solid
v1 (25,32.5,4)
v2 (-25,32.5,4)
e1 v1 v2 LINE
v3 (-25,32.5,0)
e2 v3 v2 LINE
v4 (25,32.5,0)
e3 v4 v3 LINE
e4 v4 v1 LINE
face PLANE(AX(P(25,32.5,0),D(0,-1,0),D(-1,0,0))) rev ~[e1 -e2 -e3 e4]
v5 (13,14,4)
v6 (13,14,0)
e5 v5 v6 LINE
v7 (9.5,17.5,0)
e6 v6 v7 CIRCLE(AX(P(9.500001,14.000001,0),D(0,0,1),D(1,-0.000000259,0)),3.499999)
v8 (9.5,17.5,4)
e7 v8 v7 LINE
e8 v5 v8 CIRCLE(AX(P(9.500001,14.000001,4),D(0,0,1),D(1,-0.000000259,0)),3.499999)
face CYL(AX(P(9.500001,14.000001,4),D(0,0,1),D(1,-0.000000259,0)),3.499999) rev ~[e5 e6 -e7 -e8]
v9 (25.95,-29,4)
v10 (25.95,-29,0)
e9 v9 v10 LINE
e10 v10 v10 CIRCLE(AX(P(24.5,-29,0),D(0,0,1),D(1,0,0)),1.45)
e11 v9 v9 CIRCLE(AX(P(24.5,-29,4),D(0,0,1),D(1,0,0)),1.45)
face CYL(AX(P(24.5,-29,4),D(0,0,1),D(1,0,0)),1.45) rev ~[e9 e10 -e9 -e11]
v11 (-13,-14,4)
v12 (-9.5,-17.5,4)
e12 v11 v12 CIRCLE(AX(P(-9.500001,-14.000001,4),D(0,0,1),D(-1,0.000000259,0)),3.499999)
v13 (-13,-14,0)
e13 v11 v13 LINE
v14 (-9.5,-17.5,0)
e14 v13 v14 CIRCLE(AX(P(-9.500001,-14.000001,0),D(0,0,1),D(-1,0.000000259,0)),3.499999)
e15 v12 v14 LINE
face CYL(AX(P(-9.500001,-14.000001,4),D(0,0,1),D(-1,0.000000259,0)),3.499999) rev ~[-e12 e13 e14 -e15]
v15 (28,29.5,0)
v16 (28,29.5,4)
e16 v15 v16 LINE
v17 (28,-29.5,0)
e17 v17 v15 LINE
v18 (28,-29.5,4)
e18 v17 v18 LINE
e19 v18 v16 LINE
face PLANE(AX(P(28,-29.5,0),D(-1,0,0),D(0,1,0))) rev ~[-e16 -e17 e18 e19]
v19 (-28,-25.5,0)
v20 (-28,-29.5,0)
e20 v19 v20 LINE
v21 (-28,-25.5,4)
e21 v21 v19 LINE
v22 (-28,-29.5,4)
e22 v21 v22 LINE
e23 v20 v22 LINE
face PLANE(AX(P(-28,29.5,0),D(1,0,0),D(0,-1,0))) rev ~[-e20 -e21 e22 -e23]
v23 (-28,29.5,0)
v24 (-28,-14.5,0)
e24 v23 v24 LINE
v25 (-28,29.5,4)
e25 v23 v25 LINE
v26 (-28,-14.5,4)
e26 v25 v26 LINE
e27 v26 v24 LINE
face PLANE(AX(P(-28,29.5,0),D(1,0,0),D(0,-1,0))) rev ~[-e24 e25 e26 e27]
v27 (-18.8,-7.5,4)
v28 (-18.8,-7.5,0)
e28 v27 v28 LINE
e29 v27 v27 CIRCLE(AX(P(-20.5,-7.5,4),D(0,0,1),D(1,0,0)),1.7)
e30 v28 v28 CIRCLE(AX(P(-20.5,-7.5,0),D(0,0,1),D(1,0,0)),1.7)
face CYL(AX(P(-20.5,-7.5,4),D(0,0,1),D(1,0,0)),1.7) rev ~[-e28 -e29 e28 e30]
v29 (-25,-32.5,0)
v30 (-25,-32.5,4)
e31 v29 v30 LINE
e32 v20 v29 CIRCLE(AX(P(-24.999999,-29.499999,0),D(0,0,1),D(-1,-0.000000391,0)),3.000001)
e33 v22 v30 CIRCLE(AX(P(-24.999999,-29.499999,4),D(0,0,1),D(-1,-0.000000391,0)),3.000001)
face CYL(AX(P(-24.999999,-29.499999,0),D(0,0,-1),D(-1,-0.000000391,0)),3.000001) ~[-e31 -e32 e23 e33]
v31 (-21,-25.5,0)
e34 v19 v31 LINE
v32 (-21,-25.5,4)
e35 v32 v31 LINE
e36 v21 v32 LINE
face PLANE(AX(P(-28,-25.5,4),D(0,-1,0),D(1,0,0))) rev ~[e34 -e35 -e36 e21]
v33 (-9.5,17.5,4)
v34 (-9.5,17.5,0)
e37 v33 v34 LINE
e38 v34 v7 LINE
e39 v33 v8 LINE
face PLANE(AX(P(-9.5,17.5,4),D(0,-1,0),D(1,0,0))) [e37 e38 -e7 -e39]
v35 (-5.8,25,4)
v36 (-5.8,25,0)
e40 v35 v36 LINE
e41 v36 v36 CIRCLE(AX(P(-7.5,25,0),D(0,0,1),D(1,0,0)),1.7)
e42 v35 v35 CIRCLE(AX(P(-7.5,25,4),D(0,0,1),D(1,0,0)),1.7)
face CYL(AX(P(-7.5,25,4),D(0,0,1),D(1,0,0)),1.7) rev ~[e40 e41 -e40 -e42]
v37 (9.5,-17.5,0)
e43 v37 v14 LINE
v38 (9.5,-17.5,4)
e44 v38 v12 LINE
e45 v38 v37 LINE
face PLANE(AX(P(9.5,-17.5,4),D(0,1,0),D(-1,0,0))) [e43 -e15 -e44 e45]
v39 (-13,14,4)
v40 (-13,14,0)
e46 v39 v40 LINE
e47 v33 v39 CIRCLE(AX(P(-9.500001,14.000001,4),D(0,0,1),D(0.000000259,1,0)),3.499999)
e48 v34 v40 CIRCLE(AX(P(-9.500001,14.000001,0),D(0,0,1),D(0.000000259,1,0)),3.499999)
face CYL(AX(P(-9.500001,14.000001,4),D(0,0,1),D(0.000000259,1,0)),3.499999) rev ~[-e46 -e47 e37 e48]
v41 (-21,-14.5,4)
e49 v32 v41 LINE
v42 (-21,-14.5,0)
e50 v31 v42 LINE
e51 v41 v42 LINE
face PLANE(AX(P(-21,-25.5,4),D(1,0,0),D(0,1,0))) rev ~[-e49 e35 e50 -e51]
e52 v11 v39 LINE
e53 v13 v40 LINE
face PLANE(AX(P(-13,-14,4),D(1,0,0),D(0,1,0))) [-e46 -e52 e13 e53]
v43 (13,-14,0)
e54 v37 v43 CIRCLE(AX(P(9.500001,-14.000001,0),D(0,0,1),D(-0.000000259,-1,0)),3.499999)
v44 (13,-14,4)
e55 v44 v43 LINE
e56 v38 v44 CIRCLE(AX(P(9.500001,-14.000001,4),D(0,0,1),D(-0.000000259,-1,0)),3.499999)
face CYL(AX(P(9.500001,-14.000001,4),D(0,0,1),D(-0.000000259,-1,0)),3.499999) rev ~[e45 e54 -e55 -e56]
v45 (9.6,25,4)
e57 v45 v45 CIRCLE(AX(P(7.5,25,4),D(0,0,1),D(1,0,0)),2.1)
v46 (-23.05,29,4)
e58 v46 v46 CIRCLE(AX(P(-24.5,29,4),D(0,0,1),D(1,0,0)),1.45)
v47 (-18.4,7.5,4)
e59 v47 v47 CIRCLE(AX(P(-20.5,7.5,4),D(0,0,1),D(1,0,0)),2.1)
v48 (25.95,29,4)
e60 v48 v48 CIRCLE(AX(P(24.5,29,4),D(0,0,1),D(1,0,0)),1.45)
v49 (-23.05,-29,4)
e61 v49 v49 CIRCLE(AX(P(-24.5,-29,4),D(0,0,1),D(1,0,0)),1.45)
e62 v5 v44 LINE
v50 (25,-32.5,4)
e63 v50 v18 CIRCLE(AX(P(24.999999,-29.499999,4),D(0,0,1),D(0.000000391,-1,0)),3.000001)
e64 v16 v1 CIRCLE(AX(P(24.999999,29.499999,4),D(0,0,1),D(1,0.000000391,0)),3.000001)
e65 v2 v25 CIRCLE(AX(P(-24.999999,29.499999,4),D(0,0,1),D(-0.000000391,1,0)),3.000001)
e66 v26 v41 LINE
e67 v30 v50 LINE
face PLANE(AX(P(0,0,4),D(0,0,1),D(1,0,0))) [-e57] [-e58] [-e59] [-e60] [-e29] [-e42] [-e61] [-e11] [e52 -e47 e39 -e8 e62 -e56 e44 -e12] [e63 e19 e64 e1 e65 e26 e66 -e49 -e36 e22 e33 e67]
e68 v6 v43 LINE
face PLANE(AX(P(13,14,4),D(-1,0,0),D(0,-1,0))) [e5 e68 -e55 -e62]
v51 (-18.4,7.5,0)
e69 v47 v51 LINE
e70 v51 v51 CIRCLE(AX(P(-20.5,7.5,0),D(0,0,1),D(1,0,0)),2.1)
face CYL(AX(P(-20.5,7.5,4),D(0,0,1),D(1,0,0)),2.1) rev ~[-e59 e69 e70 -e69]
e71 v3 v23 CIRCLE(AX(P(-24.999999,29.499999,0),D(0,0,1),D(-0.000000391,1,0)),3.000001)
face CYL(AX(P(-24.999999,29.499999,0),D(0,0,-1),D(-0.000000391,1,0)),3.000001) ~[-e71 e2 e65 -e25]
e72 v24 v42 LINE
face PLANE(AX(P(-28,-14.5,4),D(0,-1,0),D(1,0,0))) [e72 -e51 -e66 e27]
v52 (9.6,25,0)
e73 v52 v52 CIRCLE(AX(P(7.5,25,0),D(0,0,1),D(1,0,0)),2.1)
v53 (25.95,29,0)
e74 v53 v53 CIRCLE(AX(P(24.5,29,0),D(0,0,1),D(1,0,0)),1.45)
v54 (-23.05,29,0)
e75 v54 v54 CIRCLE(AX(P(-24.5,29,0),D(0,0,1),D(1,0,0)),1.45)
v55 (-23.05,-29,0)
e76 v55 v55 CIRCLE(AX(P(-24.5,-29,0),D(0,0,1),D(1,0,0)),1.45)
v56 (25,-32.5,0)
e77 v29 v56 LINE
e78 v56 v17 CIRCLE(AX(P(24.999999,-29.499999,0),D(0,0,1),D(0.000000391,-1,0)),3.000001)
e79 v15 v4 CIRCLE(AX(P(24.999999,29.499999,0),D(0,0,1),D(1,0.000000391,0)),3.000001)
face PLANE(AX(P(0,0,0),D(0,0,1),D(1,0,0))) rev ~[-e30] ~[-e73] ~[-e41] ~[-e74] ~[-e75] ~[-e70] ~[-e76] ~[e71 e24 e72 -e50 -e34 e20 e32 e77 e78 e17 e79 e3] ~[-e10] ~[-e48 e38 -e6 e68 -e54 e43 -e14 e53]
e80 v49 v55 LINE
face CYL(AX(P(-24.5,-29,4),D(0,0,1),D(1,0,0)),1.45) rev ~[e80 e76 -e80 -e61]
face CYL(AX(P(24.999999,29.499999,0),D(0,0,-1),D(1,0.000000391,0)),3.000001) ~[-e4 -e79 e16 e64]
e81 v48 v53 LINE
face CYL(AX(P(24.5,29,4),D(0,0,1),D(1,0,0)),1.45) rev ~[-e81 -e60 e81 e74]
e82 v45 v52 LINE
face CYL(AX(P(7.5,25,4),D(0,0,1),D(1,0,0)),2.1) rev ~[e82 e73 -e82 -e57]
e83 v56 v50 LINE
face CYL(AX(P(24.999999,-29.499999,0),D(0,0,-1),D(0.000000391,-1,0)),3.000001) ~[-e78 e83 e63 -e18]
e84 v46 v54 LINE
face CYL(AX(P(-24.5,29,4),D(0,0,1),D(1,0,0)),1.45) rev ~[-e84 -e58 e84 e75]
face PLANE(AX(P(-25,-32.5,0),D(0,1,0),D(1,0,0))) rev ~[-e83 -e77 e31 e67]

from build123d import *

# Parameters (mm, degrees)
PAD_DEPTH       = 4
SKETCH001_R     = 1.45
HOLE_DEPTH      = 4.001
SKETCH002_W     = 7
SKETCH002_H     = 11
POCKET_DEPTH    = 4.001
SKETCH003_R     = 2.1
POCKET001_DEPTH = 4.001
SKETCH004_R     = 1.7
HOLE001_DEPTH   = 4.001
POCKET002_DEPTH = 4.001


with BuildPart() as part:
    # Sketch → Pad (new body)
    with BuildSketch(Plane.XY):
        with BuildLine():
            Line((-25, -32.5), (25, -32.5))
            ThreePointArc((25, -32.5), (27.12132, -31.62132), (28, -29.5))
            Line((28, -29.5), (28, 29.5))
            ThreePointArc((28, 29.5), (27.12132, 31.62132), (25, 32.5))
            Line((25, 32.5), (-25, 32.5))
            ThreePointArc((-25, 32.5), (-27.12132, 31.62132), (-28, 29.5))
            Line((-28, 29.5), (-28, -29.5))
            ThreePointArc((-28, -29.5), (-27.12132, -31.62132), (-25, -32.5))
        make_face()
    extrude(amount=PAD_DEPTH)

    # Sketch001 (on Face10 of Pad) → Hole (cut, through all)
    with BuildSketch(Plane.XY.offset(4)):
        with Locations((24.5, -29)):
            Circle(SKETCH001_R)
        with Locations((-24.5, -29)):
            Circle(SKETCH001_R)
        with Locations((-24.5, 29)):
            Circle(SKETCH001_R)
        with Locations((24.5, 29)):
            Circle(SKETCH001_R)
    extrude(amount=-HOLE_DEPTH, mode=Mode.SUBTRACT)

    # Sketch002 (on Face5 of Hole) → Pocket (cut, through all)
    with BuildSketch(Plane.XY.offset(4)):
        with Locations((-24.5, -20)):
            Rectangle(SKETCH002_W, SKETCH002_H)
    extrude(amount=-POCKET_DEPTH, mode=Mode.SUBTRACT)

    # Sketch003 (on Face5 of Pocket) → Pocket001 (cut, through all)
    with BuildSketch(Plane.XY.offset(4)):
        with Locations((7.5, 25)):
            Circle(SKETCH003_R)
        with Locations((-20.5, 7.5)):
            Circle(SKETCH003_R)
    extrude(amount=-POCKET001_DEPTH, mode=Mode.SUBTRACT)

    # Sketch004 (on Face5 of Pocket001) → Hole001 (cut, through all)
    with BuildSketch(Plane.XY.offset(4)):
        with Locations((-20.5, -7.5)):
            Circle(SKETCH004_R)
        with Locations((-7.5, 25)):
            Circle(SKETCH004_R)
    extrude(amount=-HOLE001_DEPTH, mode=Mode.SUBTRACT)

    # Sketch005 (on Face5 of Hole001) → Pocket002 (cut, through all)
    with BuildSketch(Plane.XY.offset(4)):
        with BuildLine():
            Line((-9.5, 17.5), (9.5, 17.5))
            ThreePointArc((13, 14), (11.974874, 16.474874), (9.5, 17.5))
            Line((13, 14), (13, -14))
            ThreePointArc((9.5, -17.5), (11.974874, -16.474874), (13, -14))
            Line((9.5, -17.5), (-9.5, -17.5))
            ThreePointArc((-13, -14), (-11.974874, -16.474874), (-9.5, -17.5))
            Line((-13, -14), (-13, 14))
            ThreePointArc((-9.5, 17.5), (-11.974874, 16.474874), (-13, 14))
        make_face()
    extrude(amount=-POCKET002_DEPTH, mode=Mode.SUBTRACT)


solid = part.part
